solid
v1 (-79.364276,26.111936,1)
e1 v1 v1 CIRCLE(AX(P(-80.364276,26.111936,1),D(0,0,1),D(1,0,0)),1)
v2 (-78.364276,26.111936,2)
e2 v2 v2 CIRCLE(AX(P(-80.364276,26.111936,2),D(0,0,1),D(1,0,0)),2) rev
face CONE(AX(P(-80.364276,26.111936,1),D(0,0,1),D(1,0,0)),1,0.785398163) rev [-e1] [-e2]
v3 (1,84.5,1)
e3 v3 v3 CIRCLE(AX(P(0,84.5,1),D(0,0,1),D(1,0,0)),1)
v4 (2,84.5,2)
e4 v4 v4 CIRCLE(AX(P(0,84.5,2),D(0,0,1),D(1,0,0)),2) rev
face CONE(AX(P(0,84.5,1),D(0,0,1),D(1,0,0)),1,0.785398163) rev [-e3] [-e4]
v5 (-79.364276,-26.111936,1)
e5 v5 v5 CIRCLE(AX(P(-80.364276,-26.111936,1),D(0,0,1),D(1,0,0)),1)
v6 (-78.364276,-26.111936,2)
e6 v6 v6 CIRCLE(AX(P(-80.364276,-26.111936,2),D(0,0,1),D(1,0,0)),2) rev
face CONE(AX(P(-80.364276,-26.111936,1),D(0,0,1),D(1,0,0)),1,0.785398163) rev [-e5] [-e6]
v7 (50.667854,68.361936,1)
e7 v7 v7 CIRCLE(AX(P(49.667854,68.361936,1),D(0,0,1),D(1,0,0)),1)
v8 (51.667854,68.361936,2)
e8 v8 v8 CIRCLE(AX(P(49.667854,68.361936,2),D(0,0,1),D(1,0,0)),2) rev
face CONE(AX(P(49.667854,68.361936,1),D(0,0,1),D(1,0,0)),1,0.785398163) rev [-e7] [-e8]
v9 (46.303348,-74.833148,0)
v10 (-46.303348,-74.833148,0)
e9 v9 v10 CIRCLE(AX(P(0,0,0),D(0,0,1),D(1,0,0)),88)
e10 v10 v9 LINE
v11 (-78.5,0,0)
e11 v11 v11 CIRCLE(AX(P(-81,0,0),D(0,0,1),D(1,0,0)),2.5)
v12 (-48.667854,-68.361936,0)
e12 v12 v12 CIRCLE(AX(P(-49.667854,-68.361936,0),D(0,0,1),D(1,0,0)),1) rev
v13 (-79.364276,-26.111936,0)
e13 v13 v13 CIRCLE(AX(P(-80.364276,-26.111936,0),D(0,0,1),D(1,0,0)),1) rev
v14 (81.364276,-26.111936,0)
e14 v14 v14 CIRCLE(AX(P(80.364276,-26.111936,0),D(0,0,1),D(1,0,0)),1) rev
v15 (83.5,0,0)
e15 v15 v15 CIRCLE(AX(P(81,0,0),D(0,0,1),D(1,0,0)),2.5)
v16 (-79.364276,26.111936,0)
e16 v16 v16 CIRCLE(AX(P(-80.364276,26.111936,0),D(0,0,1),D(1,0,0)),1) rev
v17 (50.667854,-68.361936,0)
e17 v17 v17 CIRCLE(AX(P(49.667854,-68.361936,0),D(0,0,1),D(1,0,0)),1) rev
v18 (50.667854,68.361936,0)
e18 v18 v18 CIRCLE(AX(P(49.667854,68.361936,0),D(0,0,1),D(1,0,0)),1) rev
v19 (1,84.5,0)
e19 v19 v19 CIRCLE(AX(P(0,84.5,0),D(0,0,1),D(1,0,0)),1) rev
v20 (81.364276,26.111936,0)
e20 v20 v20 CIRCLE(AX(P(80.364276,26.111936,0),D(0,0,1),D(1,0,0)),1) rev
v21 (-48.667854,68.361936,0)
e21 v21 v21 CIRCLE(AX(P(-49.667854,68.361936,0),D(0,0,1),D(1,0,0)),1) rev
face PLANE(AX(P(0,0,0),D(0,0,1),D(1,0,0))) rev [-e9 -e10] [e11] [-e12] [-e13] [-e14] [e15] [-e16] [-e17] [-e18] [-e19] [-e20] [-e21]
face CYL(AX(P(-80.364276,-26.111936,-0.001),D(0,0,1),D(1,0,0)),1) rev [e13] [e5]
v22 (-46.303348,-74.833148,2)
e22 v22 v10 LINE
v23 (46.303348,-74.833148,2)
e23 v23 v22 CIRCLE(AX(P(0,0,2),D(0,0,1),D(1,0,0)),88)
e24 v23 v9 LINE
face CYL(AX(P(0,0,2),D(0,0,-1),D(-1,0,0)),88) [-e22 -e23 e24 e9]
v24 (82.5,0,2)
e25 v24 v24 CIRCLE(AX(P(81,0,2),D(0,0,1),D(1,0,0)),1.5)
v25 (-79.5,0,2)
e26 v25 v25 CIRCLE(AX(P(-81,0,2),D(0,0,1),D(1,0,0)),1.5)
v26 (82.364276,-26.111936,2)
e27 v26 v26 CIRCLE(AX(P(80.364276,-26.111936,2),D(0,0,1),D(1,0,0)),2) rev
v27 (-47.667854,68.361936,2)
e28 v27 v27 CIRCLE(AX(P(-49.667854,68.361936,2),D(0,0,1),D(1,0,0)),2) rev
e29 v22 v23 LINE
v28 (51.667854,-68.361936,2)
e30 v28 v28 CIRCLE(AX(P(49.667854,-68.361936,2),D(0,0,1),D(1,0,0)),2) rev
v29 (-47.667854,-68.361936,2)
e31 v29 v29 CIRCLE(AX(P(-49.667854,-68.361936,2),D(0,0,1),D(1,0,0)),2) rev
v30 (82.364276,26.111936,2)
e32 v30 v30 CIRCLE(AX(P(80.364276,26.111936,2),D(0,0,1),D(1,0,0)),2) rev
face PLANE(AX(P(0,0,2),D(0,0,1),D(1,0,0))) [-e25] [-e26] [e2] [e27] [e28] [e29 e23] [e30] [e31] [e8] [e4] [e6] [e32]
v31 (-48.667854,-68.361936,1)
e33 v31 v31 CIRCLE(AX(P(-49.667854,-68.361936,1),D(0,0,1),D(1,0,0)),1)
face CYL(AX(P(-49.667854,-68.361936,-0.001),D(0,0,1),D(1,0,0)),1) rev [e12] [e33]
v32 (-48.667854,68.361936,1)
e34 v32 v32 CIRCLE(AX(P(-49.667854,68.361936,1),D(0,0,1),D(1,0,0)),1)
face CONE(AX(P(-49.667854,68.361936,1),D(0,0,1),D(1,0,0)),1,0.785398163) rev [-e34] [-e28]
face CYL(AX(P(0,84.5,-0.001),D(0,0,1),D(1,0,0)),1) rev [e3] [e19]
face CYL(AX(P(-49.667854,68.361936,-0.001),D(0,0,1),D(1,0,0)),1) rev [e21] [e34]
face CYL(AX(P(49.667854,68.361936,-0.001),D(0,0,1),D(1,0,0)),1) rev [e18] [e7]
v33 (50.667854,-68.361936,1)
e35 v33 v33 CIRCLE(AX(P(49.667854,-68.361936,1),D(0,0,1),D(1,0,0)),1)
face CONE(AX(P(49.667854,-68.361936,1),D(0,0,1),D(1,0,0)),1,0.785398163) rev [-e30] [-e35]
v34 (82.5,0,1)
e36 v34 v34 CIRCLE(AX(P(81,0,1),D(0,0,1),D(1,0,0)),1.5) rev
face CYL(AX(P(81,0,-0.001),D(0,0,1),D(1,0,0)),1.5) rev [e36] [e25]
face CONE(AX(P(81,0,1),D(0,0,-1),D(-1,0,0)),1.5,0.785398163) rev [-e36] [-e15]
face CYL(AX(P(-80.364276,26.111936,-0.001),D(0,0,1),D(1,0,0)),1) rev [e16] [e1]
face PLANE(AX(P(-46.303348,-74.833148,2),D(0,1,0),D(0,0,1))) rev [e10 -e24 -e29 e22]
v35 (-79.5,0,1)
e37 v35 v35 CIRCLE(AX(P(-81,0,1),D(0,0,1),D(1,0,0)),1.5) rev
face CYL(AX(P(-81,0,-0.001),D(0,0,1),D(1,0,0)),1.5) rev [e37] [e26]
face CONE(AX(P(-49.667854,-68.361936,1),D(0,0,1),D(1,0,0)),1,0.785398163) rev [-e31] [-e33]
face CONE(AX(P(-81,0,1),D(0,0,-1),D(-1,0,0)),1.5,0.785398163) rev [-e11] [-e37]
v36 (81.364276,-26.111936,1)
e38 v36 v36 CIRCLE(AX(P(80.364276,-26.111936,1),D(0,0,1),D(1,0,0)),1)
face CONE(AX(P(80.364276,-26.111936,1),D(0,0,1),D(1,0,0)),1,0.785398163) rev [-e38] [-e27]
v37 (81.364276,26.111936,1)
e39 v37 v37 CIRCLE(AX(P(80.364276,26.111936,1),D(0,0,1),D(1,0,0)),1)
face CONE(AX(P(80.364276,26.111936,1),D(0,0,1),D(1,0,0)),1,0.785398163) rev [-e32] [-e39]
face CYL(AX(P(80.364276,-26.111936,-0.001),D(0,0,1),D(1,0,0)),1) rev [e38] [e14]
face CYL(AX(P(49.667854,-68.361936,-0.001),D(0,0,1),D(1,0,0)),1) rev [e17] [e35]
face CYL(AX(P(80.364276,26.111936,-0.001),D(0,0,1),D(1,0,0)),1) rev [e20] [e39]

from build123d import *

# Parameters (mm, degrees)
RESSALTO_EXTRUS_O1_DEPTH = 2
CORTE_EXTRUS_O2_REACH    = 4
ESBO_O3_R                = 1.5
CHANFRO2_SIZE            = 1
CORTE_EXTRUS_O3_REACH    = 4
ESBO_O4_R                = 1
CHANFRO3_SIZE            = 1


with BuildPart() as part:
    # Esboço1 → Ressalto-extrusão1 (new body)
    with BuildSketch(Plane.XY):
        with BuildLine():
            Line((-46.303347611, -74.833147735), (46.303347611, -74.833147735))
            ThreePointArc((46.303347611, -74.833147735), (0, 88), (-46.303347611, -74.833147735))
        make_face()
    extrude(amount=RESSALTO_EXTRUS_O1_DEPTH)

    # Esboço3 → Corte-extrusão2 (cut, up to next)
    with BuildSketch(Plane.XY.offset(2), mode=Mode.PRIVATE) as corte_extrus_o2_sk1:
        with Locations((81, 0)):
            Circle(ESBO_O3_R)
    corte_extrus_o2_tool1 = extrude(corte_extrus_o2_sk1.sketch, amount=-CORTE_EXTRUS_O2_REACH, mode=Mode.PRIVATE) & part.part
    add(corte_extrus_o2_tool1.solids().sort_by_distance((81, 0, 2))[0], mode=Mode.SUBTRACT)
    # Esboço3 → Corte-extrusão2 (cut, up to next)
    with BuildSketch(Plane.XY.offset(2), mode=Mode.PRIVATE) as corte_extrus_o2_sk2:
        with Locations((-81, 0)):
            Circle(ESBO_O3_R)
    corte_extrus_o2_tool2 = extrude(corte_extrus_o2_sk2.sketch, amount=-CORTE_EXTRUS_O2_REACH, mode=Mode.PRIVATE) & part.part
    add(corte_extrus_o2_tool2.solids().sort_by_distance((-81, 0, 2))[0], mode=Mode.SUBTRACT)

    # Chanfro2
    chanfro2_edges = [part.edges().sort_by_distance(p)[0] for p in [
        (79.5, 0, 0),
        (-82.5, 0, 0),
    ]]
    chamfer(chanfro2_edges, length=CHANFRO2_SIZE)

    # Esboço4 → Corte-extrusão3 (cut, up to next)
    with BuildSketch(Plane.XY.offset(2), mode=Mode.PRIVATE) as corte_extrus_o3_sk1:
        with Locations((-49.667853819, -68.361936025)):
            Circle(ESBO_O4_R)
    corte_extrus_o3_tool1 = extrude(corte_extrus_o3_sk1.sketch, amount=-CORTE_EXTRUS_O3_REACH, mode=Mode.PRIVATE) & part.part
    add(corte_extrus_o3_tool1.solids().sort_by_distance((-49.667854, -68.361936, 2))[0], mode=Mode.SUBTRACT)
    # Esboço4 → Corte-extrusão3 (cut, up to next)
    with BuildSketch(Plane.XY.offset(2), mode=Mode.PRIVATE) as corte_extrus_o3_sk2:
        with Locations((-80.364275627, -26.111936025)):
            Circle(ESBO_O4_R)
    corte_extrus_o3_tool2 = extrude(corte_extrus_o3_sk2.sketch, amount=-CORTE_EXTRUS_O3_REACH, mode=Mode.PRIVATE) & part.part
    add(corte_extrus_o3_tool2.solids().sort_by_distance((-80.364276, -26.111936, 2))[0], mode=Mode.SUBTRACT)
    # Esboço4 → Corte-extrusão3 (cut, up to next)
    with BuildSketch(Plane.XY.offset(2), mode=Mode.PRIVATE) as corte_extrus_o3_sk3:
        with Locations((-80.364275627, 26.111936025)):
            Circle(ESBO_O4_R)
    corte_extrus_o3_tool3 = extrude(corte_extrus_o3_sk3.sketch, amount=-CORTE_EXTRUS_O3_REACH, mode=Mode.PRIVATE) & part.part
    add(corte_extrus_o3_tool3.solids().sort_by_distance((-80.364276, 26.111936, 2))[0], mode=Mode.SUBTRACT)
    # Esboço4 → Corte-extrusão3 (cut, up to next)
    with BuildSketch(Plane.XY.offset(2), mode=Mode.PRIVATE) as corte_extrus_o3_sk4:
        with Locations((-49.667853819, 68.361936025)):
            Circle(ESBO_O4_R)
    corte_extrus_o3_tool4 = extrude(corte_extrus_o3_sk4.sketch, amount=-CORTE_EXTRUS_O3_REACH, mode=Mode.PRIVATE) & part.part
    add(corte_extrus_o3_tool4.solids().sort_by_distance((-49.667854, 68.361936, 2))[0], mode=Mode.SUBTRACT)
    # Esboço4 → Corte-extrusão3 (cut, up to next)
    with BuildSketch(Plane.XY.offset(2), mode=Mode.PRIVATE) as corte_extrus_o3_sk5:
        with Locations((0, 84.5)):
            Circle(ESBO_O4_R)
    corte_extrus_o3_tool5 = extrude(corte_extrus_o3_sk5.sketch, amount=-CORTE_EXTRUS_O3_REACH, mode=Mode.PRIVATE) & part.part
    add(corte_extrus_o3_tool5.solids().sort_by_distance((0, 84.5, 2))[0], mode=Mode.SUBTRACT)
    # Esboço4 → Corte-extrusão3 (cut, up to next)
    with BuildSketch(Plane.XY.offset(2), mode=Mode.PRIVATE) as corte_extrus_o3_sk6:
        with Locations((49.667853819, 68.361936025)):
            Circle(ESBO_O4_R)
    corte_extrus_o3_tool6 = extrude(corte_extrus_o3_sk6.sketch, amount=-CORTE_EXTRUS_O3_REACH, mode=Mode.PRIVATE) & part.part
    add(corte_extrus_o3_tool6.solids().sort_by_distance((49.667854, 68.361936, 2))[0], mode=Mode.SUBTRACT)
    # Esboço4 → Corte-extrusão3 (cut, up to next)
    with BuildSketch(Plane.XY.offset(2), mode=Mode.PRIVATE) as corte_extrus_o3_sk7:
        with Locations((80.364275627, 26.111936025)):
            Circle(ESBO_O4_R)
    corte_extrus_o3_tool7 = extrude(corte_extrus_o3_sk7.sketch, amount=-CORTE_EXTRUS_O3_REACH, mode=Mode.PRIVATE) & part.part
    add(corte_extrus_o3_tool7.solids().sort_by_distance((80.364276, 26.111936, 2))[0], mode=Mode.SUBTRACT)
    # Esboço4 → Corte-extrusão3 (cut, up to next)
    with BuildSketch(Plane.XY.offset(2), mode=Mode.PRIVATE) as corte_extrus_o3_sk8:
        with Locations((80.364275627, -26.111936025)):
            Circle(ESBO_O4_R)
    corte_extrus_o3_tool8 = extrude(corte_extrus_o3_sk8.sketch, amount=-CORTE_EXTRUS_O3_REACH, mode=Mode.PRIVATE) & part.part
    add(corte_extrus_o3_tool8.solids().sort_by_distance((80.364276, -26.111936, 2))[0], mode=Mode.SUBTRACT)
    # Esboço4 → Corte-extrusão3 (cut, up to next)
    with BuildSketch(Plane.XY.offset(2), mode=Mode.PRIVATE) as corte_extrus_o3_sk9:
        with Locations((49.667853819, -68.361936025)):
            Circle(ESBO_O4_R)
    corte_extrus_o3_tool9 = extrude(corte_extrus_o3_sk9.sketch, amount=-CORTE_EXTRUS_O3_REACH, mode=Mode.PRIVATE) & part.part
    add(corte_extrus_o3_tool9.solids().sort_by_distance((49.667854, -68.361936, 2))[0], mode=Mode.SUBTRACT)

    # Chanfro3
    chanfro3_edges = [part.edges().sort_by_distance(p)[0] for p in [
        (-50.667853819, -68.361936025, 2),
        (-81.364275627, -26.111936025, 2),
        (-81.364275627, 26.111936025, 2),
        (-50.667853819, 68.361936025, 2),
        (-1, 84.5, 2),
        (48.667853819, 68.361936025, 2),
        (79.364275627, 26.111936025, 2),
        (79.364275627, -26.111936025, 2),
        (48.667853819, -68.361936025, 2),
    ]]
    chamfer(chanfro3_edges, length=CHANFRO3_SIZE)


solid = part.part
